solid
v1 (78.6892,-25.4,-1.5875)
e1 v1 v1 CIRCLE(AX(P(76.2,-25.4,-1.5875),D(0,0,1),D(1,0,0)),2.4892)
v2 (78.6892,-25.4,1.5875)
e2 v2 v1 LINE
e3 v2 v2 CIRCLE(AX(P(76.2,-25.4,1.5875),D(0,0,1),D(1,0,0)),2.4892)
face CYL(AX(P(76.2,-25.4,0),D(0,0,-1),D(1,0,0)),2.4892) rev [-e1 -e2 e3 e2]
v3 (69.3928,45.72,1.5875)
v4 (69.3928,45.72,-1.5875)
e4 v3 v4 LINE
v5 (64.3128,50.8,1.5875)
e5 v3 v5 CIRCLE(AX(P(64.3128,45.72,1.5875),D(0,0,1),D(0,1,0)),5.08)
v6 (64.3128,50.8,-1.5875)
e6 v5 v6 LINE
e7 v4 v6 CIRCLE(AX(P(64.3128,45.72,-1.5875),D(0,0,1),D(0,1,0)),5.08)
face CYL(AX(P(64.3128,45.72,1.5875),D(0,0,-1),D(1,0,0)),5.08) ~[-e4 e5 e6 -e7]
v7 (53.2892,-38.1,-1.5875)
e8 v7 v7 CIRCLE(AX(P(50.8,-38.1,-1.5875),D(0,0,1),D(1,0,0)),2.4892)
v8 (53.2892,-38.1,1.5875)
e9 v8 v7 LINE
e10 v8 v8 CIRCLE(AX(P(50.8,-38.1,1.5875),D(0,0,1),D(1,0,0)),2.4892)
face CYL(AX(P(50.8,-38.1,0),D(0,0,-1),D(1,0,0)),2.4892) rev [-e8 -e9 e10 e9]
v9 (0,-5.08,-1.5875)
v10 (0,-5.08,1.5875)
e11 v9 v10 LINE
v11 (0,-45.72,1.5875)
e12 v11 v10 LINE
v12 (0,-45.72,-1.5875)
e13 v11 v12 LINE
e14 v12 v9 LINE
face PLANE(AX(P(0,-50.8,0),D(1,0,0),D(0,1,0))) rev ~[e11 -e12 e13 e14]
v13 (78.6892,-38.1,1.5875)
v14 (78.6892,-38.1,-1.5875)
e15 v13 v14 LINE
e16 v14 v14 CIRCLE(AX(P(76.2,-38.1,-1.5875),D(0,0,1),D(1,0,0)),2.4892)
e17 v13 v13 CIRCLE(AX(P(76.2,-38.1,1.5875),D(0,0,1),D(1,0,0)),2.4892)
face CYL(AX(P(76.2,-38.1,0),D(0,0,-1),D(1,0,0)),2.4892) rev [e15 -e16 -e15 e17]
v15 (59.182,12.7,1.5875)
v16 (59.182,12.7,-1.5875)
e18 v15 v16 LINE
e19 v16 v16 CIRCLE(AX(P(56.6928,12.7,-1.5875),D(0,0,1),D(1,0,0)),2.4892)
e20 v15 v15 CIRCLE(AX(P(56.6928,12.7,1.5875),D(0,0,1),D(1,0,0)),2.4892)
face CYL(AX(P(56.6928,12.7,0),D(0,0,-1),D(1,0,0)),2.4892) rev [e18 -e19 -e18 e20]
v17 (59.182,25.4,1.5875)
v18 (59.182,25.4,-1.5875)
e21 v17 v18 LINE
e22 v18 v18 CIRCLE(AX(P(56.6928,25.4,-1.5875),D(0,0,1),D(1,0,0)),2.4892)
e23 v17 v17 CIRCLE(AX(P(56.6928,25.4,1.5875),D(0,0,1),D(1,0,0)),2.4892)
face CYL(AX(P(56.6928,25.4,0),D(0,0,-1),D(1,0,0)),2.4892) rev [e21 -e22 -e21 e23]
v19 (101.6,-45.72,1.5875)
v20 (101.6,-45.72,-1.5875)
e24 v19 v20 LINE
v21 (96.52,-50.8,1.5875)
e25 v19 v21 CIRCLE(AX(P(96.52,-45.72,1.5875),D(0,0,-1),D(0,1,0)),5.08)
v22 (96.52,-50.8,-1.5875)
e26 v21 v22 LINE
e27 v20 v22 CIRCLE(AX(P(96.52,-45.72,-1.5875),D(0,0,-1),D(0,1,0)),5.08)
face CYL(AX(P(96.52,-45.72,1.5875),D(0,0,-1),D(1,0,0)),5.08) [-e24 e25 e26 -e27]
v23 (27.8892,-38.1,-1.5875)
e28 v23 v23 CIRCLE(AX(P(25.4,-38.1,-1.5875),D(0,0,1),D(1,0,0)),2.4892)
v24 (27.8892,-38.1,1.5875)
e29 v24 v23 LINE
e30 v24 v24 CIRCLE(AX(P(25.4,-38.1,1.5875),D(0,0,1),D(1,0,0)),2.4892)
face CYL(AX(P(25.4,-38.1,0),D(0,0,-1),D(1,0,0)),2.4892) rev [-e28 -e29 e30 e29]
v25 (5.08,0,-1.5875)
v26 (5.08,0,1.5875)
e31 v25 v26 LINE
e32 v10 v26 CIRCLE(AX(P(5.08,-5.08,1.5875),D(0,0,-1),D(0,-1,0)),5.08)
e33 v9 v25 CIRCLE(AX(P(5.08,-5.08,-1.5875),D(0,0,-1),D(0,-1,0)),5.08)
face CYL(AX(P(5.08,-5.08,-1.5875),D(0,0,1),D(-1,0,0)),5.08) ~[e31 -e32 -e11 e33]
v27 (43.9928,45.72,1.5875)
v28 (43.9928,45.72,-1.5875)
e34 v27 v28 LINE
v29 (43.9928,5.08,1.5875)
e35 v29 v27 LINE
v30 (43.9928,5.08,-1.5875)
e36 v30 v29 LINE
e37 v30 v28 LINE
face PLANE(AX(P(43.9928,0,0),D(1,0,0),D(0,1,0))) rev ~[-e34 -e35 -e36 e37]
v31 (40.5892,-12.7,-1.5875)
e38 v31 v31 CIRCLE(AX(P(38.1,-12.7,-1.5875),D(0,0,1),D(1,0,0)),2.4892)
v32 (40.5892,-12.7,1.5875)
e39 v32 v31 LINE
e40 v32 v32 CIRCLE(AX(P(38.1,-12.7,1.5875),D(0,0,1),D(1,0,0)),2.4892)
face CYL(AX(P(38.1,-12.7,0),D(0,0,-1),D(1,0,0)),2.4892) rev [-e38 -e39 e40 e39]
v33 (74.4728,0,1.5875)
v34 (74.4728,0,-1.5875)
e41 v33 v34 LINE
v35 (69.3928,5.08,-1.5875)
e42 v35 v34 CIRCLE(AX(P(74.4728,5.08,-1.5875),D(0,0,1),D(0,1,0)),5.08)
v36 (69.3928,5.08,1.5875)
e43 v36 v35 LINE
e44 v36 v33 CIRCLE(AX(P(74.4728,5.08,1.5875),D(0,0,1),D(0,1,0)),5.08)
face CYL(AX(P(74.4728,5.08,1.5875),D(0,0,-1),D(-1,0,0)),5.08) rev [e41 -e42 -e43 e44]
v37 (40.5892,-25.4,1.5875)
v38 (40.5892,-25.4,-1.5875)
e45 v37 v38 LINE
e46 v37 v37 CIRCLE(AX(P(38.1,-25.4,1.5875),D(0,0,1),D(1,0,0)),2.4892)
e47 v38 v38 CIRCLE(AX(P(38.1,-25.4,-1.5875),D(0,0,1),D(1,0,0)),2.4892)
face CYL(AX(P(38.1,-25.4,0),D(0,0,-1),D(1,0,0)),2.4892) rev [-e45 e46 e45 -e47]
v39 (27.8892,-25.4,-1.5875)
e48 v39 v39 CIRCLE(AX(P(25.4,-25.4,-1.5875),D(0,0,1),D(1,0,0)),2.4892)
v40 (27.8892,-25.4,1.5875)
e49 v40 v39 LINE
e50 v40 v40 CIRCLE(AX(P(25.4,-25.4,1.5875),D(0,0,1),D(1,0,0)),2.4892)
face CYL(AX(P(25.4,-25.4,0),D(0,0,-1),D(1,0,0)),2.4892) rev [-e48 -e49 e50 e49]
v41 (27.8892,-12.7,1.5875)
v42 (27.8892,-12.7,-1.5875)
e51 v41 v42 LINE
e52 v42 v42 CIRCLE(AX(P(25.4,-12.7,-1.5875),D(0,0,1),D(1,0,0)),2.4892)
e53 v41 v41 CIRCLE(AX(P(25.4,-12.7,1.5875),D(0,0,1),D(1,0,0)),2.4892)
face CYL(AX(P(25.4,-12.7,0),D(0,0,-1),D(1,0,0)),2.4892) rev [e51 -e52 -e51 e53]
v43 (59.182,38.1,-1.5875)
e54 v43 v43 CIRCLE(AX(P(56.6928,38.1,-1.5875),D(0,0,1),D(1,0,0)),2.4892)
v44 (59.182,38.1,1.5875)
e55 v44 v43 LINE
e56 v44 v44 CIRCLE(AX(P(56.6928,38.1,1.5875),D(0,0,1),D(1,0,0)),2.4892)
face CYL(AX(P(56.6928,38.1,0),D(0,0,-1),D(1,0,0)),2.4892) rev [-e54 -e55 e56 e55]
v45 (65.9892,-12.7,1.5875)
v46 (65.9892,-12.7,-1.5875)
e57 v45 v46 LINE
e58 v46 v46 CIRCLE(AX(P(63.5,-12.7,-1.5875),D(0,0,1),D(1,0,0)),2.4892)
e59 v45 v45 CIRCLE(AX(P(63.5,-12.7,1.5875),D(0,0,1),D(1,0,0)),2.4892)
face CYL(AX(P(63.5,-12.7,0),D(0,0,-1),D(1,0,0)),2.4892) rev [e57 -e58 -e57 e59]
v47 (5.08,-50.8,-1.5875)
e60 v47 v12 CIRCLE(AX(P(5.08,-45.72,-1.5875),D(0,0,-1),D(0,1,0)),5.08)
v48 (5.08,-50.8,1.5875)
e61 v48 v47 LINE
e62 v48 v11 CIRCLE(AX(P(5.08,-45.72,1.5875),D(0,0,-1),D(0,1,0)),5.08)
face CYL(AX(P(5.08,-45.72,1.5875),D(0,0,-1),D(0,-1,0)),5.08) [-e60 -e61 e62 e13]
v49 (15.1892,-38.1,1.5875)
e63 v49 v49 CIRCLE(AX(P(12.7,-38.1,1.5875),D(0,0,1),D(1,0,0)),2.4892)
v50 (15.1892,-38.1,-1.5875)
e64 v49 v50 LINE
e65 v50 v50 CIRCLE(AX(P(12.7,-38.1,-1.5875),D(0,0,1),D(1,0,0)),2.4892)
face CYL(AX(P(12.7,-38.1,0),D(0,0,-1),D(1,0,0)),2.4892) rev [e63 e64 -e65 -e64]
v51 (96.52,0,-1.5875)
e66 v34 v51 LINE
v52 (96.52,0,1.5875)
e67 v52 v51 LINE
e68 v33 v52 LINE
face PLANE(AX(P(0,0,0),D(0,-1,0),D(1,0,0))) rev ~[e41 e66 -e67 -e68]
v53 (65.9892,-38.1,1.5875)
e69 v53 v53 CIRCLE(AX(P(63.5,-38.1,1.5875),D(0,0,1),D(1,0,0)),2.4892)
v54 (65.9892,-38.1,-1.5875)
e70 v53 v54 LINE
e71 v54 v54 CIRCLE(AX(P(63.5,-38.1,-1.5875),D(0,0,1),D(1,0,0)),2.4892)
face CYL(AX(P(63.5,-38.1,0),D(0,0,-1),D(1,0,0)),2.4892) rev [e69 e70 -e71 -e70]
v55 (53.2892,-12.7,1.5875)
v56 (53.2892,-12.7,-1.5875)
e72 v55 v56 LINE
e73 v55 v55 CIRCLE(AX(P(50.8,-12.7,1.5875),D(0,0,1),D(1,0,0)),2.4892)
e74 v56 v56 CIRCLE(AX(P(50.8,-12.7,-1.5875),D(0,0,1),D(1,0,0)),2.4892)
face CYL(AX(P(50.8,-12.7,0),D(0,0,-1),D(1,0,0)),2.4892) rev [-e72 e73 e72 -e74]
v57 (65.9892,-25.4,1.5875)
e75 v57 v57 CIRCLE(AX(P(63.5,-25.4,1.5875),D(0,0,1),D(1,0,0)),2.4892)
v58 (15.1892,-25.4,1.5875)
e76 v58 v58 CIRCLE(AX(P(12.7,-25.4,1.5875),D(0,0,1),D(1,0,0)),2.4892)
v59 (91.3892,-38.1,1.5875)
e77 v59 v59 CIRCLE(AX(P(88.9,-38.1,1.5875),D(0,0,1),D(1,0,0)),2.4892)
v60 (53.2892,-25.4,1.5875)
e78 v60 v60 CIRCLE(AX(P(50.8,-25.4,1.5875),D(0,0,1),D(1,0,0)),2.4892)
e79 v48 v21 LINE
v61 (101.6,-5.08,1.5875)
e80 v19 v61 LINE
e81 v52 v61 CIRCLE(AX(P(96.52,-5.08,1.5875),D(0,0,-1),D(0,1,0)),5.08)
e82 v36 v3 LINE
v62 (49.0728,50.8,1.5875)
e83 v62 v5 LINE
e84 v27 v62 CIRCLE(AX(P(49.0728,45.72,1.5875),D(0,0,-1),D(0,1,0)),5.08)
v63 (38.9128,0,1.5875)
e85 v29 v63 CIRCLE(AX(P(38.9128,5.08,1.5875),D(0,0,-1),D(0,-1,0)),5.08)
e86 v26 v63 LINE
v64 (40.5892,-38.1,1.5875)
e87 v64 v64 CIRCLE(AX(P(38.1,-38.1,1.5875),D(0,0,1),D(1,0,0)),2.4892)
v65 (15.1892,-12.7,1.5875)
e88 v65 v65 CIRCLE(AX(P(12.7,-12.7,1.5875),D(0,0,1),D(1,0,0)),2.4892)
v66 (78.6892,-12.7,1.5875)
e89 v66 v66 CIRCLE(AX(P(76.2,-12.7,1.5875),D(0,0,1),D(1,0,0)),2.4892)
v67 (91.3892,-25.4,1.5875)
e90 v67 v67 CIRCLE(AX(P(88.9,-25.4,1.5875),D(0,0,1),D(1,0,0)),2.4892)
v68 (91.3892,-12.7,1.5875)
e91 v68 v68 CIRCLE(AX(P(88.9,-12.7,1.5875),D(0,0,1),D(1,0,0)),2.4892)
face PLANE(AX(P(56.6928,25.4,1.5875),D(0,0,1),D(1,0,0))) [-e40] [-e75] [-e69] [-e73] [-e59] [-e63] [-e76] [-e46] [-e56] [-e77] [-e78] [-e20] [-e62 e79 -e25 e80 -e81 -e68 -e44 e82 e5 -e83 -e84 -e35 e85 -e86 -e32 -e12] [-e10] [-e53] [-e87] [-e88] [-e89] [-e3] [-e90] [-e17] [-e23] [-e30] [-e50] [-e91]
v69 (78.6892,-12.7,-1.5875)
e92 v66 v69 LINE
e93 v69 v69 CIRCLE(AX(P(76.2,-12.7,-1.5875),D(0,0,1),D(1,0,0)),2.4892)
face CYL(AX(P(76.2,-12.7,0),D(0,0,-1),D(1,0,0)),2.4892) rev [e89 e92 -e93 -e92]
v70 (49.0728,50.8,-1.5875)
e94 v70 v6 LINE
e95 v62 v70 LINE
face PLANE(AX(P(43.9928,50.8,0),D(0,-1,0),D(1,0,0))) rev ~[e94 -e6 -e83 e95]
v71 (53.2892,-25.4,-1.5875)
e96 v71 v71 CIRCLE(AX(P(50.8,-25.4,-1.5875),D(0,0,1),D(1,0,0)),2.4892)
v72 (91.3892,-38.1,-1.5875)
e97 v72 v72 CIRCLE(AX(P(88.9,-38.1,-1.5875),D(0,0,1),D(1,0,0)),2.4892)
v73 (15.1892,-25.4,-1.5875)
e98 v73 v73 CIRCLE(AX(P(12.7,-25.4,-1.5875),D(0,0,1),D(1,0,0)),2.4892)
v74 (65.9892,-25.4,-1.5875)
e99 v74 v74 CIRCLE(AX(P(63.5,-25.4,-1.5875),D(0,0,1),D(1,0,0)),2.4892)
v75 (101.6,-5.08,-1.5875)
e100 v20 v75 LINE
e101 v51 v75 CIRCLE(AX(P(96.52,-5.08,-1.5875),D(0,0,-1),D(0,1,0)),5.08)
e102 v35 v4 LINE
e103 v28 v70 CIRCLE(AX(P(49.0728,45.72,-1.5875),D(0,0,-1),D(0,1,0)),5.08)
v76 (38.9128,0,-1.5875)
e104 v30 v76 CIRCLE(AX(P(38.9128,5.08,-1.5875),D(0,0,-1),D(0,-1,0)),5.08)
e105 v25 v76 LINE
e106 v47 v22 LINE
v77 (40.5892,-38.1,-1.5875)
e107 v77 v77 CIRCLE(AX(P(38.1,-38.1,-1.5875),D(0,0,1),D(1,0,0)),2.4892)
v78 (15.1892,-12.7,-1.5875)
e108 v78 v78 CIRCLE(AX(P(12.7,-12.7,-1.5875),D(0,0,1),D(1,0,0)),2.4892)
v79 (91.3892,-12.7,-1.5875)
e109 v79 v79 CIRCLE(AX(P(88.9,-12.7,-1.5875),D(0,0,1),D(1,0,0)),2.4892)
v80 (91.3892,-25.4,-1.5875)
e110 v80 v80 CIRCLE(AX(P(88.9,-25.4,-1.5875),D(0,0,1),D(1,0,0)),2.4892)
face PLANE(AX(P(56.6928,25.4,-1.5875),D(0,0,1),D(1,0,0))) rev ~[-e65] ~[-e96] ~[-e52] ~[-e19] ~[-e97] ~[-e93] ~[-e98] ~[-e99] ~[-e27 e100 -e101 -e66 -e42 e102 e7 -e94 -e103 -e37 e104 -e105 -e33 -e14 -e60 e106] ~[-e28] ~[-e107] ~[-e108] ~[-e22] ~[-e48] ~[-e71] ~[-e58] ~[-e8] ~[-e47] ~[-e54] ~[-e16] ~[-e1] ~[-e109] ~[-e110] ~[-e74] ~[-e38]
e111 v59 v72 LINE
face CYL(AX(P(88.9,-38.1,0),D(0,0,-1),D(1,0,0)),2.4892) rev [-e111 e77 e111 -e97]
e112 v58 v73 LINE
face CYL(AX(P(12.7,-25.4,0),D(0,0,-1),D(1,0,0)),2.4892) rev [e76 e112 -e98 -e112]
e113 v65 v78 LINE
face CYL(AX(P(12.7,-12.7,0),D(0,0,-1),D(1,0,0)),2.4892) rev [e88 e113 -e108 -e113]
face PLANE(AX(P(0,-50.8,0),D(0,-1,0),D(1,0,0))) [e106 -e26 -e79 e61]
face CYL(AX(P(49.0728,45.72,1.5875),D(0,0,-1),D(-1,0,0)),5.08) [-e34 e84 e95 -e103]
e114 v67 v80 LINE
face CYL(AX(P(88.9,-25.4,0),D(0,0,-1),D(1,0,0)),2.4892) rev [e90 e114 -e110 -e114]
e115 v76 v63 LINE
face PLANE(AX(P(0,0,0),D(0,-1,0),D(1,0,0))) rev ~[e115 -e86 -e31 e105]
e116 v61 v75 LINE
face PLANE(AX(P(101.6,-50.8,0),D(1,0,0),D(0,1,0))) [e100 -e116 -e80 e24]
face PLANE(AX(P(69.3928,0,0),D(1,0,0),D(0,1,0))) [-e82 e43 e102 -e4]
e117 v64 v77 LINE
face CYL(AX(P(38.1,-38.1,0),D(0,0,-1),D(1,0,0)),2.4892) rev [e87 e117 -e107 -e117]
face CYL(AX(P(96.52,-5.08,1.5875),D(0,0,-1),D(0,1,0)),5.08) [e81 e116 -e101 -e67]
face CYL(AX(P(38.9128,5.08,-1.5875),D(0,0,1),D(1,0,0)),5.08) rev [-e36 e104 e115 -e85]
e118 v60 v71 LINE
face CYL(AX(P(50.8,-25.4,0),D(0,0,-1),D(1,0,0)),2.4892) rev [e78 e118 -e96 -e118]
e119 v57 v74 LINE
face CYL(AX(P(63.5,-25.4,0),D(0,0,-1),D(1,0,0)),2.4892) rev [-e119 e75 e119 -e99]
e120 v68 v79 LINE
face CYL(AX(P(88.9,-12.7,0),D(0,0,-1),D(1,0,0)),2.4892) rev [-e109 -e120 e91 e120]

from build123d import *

# Parameters (mm, degrees)
SKETCH1_W           = 101.6
SKETCH1_H           = 50.8
SKETCH1_R           = 2.4892
SKETCH1_W_2         = 25.4
BOSS_EXTRUDE1_DEPTH = 1.5875
FILLET1_R           = 5.08


with BuildPart() as part:
    # Sketch1 → Boss-Extrude1 (new, symmetric)
    # profile 1 of 2: a face of its own
    with BuildSketch(Plane.XY):
        with Locations((50.8, -25.4)):
            Rectangle(SKETCH1_W, SKETCH1_H)
        with Locations((12.7, -12.7)):
            Circle(SKETCH1_R, mode=Mode.SUBTRACT)
        with Locations((12.7, -25.4)):
            Circle(SKETCH1_R, mode=Mode.SUBTRACT)
        with Locations((88.9, -12.7)):
            Circle(SKETCH1_R, mode=Mode.SUBTRACT)
        with Locations((76.2, -12.7)):
            Circle(SKETCH1_R, mode=Mode.SUBTRACT)
        with Locations((63.5, -12.7)):
            Circle(SKETCH1_R, mode=Mode.SUBTRACT)
        with Locations((50.8, -12.7)):
            Circle(SKETCH1_R, mode=Mode.SUBTRACT)
        with Locations((38.1, -12.7)):
            Circle(SKETCH1_R, mode=Mode.SUBTRACT)
        with Locations((25.4, -12.7)):
            Circle(SKETCH1_R, mode=Mode.SUBTRACT)
        with Locations((88.9, -25.4)):
            Circle(SKETCH1_R, mode=Mode.SUBTRACT)
        with Locations((76.2, -25.4)):
            Circle(SKETCH1_R, mode=Mode.SUBTRACT)
        with Locations((63.5, -25.4)):
            Circle(SKETCH1_R, mode=Mode.SUBTRACT)
        with Locations((50.8, -25.4)):
            Circle(SKETCH1_R, mode=Mode.SUBTRACT)
        with Locations((38.1, -25.4)):
            Circle(SKETCH1_R, mode=Mode.SUBTRACT)
        with Locations((25.4, -25.4)):
            Circle(SKETCH1_R, mode=Mode.SUBTRACT)
        with Locations((88.9, -38.1)):
            Circle(SKETCH1_R, mode=Mode.SUBTRACT)
        with Locations((76.2, -38.1)):
            Circle(SKETCH1_R, mode=Mode.SUBTRACT)
        with Locations((63.5, -38.1)):
            Circle(SKETCH1_R, mode=Mode.SUBTRACT)
        with Locations((50.8, -38.1)):
            Circle(SKETCH1_R, mode=Mode.SUBTRACT)
        with Locations((38.1, -38.1)):
            Circle(SKETCH1_R, mode=Mode.SUBTRACT)
        with Locations((25.4, -38.1)):
            Circle(SKETCH1_R, mode=Mode.SUBTRACT)
        with Locations((12.7, -38.1)):
            Circle(SKETCH1_R, mode=Mode.SUBTRACT)
    # profile 2 of 2: a face of its own
    with BuildSketch(Plane.XY):
        with Locations((56.6928, 25.4)):
            Rectangle(SKETCH1_W_2, SKETCH1_H)
        with Locations((56.6928, 12.7)):
            Circle(SKETCH1_R, mode=Mode.SUBTRACT)
        with Locations((56.6928, 25.4)):
            Circle(SKETCH1_R, mode=Mode.SUBTRACT)
        with Locations((56.6928, 38.1)):
            Circle(SKETCH1_R, mode=Mode.SUBTRACT)
    extrude(amount=BOSS_EXTRUDE1_DEPTH, both=True)

    # Fillet1
    fillet1_edges = [part.edges().sort_by_distance(p)[0] for p in [
        (101.6, -50.8, 0),
        (0, -50.8, 0),
        (0, 0, 0),
        (43.9928, 0, 0),
        (43.9928, 50.8, 0),
        (69.3928, 50.8, 0),
        (69.3928, 0, 0),
        (101.6, 0, 0),
    ]]
    fillet(fillet1_edges, radius=FILLET1_R)


solid = part.part
